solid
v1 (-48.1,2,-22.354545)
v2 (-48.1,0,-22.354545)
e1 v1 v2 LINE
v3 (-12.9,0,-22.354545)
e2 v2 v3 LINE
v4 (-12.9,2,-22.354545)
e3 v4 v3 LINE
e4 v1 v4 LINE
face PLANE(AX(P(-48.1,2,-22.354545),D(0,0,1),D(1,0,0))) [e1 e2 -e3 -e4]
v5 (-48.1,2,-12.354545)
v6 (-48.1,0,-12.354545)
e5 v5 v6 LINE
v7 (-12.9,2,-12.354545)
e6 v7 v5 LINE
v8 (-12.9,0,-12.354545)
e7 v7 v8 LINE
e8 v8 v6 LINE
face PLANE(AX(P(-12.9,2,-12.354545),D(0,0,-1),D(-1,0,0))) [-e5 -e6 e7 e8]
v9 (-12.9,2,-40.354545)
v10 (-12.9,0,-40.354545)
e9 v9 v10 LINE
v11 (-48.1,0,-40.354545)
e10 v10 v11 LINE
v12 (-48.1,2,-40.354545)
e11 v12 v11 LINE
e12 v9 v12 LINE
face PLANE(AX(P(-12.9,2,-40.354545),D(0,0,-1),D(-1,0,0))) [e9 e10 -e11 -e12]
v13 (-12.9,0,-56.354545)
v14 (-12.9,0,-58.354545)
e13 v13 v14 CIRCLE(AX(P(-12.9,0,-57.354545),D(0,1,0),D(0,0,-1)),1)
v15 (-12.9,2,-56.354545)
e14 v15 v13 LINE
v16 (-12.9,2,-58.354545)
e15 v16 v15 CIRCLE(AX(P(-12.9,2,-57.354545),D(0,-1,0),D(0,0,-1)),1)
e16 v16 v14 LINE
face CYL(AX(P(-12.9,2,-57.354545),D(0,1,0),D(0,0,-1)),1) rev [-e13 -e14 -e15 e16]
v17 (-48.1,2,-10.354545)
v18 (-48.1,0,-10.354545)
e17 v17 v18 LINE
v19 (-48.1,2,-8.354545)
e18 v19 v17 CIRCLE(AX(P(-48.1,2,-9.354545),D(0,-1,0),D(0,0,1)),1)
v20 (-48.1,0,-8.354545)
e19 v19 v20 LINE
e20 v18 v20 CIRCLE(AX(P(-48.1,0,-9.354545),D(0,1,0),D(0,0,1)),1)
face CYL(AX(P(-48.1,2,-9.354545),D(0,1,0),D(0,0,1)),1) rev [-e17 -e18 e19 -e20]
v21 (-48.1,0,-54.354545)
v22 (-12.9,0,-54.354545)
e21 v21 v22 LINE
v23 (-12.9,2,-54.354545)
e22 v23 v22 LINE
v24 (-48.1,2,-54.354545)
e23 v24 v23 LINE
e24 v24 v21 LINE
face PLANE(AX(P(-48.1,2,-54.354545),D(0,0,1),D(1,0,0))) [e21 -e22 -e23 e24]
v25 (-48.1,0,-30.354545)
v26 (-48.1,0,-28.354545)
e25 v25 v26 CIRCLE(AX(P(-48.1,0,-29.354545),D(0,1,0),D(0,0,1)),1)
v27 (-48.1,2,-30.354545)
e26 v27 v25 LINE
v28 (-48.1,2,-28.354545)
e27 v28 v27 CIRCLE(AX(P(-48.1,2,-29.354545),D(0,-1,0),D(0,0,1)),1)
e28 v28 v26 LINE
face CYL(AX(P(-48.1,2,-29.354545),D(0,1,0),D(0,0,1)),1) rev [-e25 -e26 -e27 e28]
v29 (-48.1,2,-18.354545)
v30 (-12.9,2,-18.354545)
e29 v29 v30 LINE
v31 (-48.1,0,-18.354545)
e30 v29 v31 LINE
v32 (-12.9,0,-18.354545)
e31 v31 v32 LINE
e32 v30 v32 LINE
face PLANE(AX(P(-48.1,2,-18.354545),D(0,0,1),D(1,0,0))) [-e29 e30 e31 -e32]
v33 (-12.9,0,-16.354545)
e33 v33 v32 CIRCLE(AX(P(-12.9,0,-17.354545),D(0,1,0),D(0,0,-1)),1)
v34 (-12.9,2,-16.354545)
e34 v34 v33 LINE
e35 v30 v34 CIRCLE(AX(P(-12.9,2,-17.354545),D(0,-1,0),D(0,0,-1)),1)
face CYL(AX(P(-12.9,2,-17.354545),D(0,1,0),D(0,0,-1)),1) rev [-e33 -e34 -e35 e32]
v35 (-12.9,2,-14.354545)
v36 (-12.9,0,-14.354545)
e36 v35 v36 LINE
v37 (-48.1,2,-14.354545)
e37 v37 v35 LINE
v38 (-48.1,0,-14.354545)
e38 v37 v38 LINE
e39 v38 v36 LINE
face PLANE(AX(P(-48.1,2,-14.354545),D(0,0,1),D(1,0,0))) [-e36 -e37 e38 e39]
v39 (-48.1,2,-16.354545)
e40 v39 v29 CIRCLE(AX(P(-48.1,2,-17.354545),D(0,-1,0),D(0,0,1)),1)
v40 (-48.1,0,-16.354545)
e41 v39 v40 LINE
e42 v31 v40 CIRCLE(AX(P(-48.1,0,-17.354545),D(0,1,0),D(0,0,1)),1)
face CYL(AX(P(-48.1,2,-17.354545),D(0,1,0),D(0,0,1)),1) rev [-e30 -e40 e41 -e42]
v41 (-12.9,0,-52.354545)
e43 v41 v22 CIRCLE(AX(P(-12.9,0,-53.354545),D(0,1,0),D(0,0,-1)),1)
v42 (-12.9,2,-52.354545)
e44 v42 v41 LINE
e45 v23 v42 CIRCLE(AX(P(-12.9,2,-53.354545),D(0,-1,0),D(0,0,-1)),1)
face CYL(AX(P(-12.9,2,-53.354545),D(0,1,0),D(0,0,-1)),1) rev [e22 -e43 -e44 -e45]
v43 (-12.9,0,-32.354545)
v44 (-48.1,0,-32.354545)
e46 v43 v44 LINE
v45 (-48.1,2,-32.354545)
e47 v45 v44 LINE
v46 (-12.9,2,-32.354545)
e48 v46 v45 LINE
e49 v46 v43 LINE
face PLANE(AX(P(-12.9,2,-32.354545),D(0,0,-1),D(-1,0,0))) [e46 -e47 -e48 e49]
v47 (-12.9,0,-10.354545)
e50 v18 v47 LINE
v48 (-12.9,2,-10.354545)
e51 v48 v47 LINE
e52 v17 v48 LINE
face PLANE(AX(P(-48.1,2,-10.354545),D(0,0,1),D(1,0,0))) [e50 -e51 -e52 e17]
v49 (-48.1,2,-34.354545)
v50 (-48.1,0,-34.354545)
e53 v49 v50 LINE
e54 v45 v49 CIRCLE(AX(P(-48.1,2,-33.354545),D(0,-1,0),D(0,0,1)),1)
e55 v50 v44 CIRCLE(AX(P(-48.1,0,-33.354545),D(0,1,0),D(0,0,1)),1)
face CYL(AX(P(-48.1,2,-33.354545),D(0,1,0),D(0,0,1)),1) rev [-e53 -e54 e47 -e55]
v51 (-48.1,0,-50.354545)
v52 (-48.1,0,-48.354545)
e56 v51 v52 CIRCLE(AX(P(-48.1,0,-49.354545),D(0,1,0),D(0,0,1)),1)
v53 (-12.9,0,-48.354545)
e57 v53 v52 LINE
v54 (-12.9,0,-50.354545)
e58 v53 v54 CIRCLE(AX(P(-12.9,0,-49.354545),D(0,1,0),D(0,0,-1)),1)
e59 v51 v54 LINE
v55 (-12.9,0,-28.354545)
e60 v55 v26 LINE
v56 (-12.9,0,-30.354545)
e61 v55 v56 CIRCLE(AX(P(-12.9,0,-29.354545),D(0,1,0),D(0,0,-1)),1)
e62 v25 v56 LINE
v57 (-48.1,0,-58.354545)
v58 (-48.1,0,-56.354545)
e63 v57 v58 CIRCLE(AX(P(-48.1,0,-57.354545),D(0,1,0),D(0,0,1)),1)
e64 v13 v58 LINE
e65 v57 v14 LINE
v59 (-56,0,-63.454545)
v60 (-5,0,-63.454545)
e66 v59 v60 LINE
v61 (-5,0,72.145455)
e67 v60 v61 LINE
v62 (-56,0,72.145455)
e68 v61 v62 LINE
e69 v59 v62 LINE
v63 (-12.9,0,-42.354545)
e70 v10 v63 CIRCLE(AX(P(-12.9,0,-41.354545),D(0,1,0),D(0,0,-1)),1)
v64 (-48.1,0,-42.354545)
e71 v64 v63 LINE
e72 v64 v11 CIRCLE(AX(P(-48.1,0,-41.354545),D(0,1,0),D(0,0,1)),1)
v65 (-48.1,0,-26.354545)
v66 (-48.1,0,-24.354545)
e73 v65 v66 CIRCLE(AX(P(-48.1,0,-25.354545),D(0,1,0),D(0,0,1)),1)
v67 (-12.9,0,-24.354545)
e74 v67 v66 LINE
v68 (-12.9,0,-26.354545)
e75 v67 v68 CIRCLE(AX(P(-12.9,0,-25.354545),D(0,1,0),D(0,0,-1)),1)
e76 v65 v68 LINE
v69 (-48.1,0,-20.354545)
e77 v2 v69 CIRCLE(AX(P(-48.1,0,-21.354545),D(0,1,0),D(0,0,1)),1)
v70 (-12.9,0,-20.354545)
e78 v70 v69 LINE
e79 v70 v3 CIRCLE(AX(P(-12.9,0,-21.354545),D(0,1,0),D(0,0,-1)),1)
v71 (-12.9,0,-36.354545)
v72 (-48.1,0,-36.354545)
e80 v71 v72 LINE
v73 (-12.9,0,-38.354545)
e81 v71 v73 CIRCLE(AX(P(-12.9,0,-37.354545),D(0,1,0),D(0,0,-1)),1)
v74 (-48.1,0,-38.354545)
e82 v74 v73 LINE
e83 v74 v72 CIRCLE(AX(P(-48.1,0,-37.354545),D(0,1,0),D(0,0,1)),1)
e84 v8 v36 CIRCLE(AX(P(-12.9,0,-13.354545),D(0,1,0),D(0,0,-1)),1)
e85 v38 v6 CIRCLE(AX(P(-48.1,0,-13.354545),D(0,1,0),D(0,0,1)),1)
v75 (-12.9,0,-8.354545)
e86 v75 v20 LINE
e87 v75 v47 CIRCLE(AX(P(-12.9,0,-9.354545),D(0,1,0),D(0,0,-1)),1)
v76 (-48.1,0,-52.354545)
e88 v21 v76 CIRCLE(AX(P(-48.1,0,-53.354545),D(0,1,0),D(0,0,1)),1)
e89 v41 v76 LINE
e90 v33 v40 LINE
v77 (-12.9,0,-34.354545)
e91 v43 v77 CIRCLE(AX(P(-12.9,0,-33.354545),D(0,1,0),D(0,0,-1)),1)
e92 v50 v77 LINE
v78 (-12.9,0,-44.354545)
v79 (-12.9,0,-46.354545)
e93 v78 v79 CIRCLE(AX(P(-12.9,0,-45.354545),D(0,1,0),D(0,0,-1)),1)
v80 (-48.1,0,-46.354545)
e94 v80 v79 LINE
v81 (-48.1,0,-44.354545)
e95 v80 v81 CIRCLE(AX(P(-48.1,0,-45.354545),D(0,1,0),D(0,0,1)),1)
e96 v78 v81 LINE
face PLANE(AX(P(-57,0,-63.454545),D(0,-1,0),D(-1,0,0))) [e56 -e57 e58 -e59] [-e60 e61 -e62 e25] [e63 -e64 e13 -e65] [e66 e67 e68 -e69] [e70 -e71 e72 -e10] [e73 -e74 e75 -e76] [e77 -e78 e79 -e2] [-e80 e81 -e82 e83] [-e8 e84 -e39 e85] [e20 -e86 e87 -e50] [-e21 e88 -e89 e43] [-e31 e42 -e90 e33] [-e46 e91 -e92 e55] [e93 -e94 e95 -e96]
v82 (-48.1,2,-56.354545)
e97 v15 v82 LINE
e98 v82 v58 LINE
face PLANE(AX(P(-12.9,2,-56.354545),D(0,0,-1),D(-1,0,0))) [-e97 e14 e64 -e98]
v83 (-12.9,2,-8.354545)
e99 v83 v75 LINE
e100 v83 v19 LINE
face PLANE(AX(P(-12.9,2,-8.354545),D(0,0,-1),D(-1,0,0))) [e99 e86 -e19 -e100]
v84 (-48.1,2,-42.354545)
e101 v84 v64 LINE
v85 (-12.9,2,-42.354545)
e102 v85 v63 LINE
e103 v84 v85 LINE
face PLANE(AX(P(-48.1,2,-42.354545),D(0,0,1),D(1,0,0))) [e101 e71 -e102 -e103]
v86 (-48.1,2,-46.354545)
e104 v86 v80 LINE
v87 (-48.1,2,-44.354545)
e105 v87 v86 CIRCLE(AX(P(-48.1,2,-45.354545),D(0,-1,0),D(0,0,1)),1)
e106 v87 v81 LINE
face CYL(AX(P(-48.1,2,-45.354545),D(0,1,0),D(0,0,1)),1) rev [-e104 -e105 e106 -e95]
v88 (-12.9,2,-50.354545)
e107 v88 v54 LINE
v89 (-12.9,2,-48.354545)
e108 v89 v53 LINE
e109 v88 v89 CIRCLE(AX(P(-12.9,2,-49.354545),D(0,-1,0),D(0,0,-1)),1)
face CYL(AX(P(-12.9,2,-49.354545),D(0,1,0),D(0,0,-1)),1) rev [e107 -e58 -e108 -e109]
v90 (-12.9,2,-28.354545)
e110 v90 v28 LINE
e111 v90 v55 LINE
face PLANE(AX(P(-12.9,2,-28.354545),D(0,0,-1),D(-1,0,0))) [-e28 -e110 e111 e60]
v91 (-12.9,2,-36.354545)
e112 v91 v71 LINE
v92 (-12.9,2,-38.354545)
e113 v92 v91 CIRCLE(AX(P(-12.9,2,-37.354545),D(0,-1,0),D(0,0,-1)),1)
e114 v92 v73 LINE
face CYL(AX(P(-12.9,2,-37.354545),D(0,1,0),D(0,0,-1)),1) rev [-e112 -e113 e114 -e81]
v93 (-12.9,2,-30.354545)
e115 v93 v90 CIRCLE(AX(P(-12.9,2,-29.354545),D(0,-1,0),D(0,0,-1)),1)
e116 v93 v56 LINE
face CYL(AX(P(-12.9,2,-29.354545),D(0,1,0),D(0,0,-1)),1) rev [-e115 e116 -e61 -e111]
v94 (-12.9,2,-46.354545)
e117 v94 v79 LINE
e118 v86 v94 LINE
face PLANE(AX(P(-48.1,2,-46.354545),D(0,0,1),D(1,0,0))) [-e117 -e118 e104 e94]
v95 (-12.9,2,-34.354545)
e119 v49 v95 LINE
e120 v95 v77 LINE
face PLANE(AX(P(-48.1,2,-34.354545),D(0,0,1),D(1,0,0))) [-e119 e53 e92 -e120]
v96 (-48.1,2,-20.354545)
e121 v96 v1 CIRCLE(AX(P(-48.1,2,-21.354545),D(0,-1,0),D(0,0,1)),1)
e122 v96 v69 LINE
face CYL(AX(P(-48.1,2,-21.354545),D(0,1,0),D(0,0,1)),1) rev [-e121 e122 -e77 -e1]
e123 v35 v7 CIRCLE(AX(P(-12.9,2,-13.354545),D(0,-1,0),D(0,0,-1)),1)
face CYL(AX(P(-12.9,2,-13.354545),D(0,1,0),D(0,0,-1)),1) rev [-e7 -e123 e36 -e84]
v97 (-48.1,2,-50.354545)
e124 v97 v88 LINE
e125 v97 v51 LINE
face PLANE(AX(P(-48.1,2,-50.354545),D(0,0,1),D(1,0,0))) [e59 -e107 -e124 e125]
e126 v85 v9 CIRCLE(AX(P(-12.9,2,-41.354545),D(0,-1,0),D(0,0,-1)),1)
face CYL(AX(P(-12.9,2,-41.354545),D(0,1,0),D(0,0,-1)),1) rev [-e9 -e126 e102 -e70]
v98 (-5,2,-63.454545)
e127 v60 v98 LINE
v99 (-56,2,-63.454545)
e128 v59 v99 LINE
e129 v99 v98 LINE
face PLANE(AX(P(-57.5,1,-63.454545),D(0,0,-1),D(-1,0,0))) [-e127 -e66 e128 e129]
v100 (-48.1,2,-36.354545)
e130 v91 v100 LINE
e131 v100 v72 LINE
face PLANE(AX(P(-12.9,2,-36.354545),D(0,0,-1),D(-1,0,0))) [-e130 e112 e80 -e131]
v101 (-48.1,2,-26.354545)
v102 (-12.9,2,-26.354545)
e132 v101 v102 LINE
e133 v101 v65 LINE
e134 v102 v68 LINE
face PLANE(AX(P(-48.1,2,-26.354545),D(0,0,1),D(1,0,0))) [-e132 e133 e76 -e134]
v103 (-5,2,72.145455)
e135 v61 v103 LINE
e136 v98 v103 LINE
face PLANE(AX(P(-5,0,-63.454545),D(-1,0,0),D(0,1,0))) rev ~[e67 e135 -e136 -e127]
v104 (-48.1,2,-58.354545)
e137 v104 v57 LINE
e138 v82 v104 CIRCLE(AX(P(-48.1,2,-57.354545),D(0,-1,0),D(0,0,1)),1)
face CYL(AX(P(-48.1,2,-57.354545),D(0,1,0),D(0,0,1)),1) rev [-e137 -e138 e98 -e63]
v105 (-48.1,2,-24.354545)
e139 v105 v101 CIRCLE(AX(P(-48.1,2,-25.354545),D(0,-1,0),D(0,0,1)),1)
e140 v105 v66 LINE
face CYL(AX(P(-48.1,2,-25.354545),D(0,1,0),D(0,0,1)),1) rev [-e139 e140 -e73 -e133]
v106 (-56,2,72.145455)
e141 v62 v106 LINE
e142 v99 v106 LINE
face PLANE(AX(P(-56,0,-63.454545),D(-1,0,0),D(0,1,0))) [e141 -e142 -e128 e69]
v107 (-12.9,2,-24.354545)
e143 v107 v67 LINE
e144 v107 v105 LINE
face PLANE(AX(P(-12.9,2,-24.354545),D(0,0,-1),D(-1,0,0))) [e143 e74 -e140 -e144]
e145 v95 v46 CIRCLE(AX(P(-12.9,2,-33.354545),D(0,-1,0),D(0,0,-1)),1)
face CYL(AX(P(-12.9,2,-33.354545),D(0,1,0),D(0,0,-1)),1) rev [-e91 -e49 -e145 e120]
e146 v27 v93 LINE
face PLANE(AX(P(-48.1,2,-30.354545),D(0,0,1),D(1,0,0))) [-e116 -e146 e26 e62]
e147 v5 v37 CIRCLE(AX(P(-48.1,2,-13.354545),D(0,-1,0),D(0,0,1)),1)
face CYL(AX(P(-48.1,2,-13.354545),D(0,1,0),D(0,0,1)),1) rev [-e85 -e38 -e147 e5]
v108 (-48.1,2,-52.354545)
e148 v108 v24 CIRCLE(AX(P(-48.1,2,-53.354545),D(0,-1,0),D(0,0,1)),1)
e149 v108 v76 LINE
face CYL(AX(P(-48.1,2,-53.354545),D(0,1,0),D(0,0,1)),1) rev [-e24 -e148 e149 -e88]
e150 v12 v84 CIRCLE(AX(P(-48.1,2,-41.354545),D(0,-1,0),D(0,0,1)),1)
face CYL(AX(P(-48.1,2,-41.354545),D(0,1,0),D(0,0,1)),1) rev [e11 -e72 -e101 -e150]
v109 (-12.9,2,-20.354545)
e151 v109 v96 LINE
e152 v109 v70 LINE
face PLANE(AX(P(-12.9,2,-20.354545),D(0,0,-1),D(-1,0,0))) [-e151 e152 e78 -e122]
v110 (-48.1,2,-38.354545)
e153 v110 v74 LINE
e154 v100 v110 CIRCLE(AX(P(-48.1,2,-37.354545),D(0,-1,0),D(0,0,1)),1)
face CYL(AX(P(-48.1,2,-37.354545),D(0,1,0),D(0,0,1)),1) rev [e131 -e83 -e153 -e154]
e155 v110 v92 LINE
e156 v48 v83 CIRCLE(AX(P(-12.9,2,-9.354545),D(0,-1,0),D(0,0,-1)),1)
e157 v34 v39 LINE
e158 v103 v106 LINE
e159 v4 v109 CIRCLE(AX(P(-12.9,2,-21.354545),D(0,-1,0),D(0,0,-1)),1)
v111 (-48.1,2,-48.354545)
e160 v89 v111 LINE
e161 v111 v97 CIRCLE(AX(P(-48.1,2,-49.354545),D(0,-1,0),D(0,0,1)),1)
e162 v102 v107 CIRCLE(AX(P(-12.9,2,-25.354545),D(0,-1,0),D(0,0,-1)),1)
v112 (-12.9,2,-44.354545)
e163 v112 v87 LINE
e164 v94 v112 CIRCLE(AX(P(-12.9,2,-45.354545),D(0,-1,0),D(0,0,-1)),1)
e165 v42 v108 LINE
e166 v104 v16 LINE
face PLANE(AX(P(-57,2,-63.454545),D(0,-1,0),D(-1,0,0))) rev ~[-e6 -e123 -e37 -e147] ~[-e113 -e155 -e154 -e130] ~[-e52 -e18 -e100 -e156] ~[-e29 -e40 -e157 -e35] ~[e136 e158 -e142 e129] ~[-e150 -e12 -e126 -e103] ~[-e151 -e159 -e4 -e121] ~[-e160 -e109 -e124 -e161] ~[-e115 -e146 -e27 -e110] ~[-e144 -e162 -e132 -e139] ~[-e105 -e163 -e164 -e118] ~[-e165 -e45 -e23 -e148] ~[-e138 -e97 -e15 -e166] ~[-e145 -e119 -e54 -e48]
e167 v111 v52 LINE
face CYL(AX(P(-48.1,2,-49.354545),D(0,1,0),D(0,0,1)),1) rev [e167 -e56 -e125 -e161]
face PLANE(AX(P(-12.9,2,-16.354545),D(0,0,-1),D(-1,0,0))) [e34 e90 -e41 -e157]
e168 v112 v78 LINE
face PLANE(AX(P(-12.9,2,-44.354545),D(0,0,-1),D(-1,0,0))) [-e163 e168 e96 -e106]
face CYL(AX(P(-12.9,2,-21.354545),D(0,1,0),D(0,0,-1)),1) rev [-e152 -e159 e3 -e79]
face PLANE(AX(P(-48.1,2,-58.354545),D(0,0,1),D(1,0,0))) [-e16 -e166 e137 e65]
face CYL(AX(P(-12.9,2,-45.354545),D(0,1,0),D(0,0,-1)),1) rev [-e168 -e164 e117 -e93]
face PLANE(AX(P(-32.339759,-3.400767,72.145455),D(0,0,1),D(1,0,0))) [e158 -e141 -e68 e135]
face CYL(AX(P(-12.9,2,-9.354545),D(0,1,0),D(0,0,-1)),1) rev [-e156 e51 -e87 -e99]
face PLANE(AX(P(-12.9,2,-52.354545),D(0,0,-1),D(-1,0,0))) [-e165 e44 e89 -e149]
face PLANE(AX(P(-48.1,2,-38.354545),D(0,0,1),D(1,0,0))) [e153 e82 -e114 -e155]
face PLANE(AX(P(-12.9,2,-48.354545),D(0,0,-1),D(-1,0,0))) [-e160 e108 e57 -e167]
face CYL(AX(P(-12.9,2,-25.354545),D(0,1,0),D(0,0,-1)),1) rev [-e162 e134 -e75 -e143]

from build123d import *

# Parameters (mm, degrees)
SKETCH1_W           = 51
SKETCH1_H           = 136
BOSS_EXTRUDE1_DEPTH = 2
CUT_EXTRUDE1_DEPTH  = 10
SKETCH5_W           = 1
SKETCH5_H           = 2
BOSS_EXTRUDE2_DEPTH = 136
SKETCH6_W           = 1
SKETCH6_H           = 2
BOSS_EXTRUDE3_DEPTH = 136
SKETCH7_W           = 68.795835126
SKETCH7_H           = 26.425628728
CUT_EXTRUDE2_DEPTH  = 0.4
SKETCH8_W           = 2
SKETCH8_H           = 2
CUT_EXTRUDE3_DEPTH  = 135.6


with BuildPart() as part:
    # Sketch1 → Boss-Extrude1 (new body)
    with BuildSketch(Plane(origin=(0, 0, 0), x_dir=(1, 0, 0), z_dir=(0, 1, 0))):
        with Locations((-30.5, -4.545454545)):
            Rectangle(SKETCH1_W, SKETCH1_H)
    extrude(amount=BOSS_EXTRUDE1_DEPTH)

    # Sketch4 → Cut-Extrude1 (cut)
    with BuildSketch(Plane(origin=(0, 2, 0), x_dir=(1, 0, 0), z_dir=(0, 1, 0))):
        with BuildLine():
            Line((-48.1, 58.354545455), (-12.9, 58.354545455))
            ThreePointArc((-12.9, 58.354545455), (-11.9, 57.354545455), (-12.9, 56.354545455))
            Line((-12.9, 56.354545455), (-48.1, 56.354545455))
            ThreePointArc((-48.1, 56.354545455), (-49.1, 57.354545455), (-48.1, 58.354545455))
        make_face()
        with BuildLine():
            Line((-48.1, 54.354545455), (-12.9, 54.354545455))
            ThreePointArc((-12.9, 54.354545455), (-11.9, 53.354545455), (-12.9, 52.354545455))
            Line((-12.9, 52.354545455), (-48.1, 52.354545455))
            ThreePointArc((-48.1, 52.354545455), (-49.1, 53.354545455), (-48.1, 54.354545455))
        make_face()
        with BuildLine():
            Line((-48.1, 50.354545455), (-12.9, 50.354545455))
            ThreePointArc((-12.9, 50.354545455), (-11.9, 49.354545455), (-12.9, 48.354545455))
            Line((-12.9, 48.354545455), (-48.1, 48.354545455))
            ThreePointArc((-48.1, 48.354545455), (-49.1, 49.354545455), (-48.1, 50.354545455))
        make_face()
        with BuildLine():
            Line((-48.1, 46.354545455), (-12.9, 46.354545455))
            ThreePointArc((-12.9, 46.354545455), (-11.9, 45.354545455), (-12.9, 44.354545455))
            Line((-12.9, 44.354545455), (-48.1, 44.354545455))
            ThreePointArc((-48.1, 44.354545455), (-49.1, 45.354545455), (-48.1, 46.354545455))
        make_face()
        with BuildLine():
            Line((-48.1, 42.354545455), (-12.9, 42.354545455))
            ThreePointArc((-12.9, 42.354545455), (-11.9, 41.354545455), (-12.9, 40.354545455))
            Line((-12.9, 40.354545455), (-48.1, 40.354545455))
            ThreePointArc((-48.1, 40.354545455), (-49.1, 41.354545455), (-48.1, 42.354545455))
        make_face()
        with BuildLine():
            Line((-48.1, 38.354545455), (-12.9, 38.354545455))
            ThreePointArc((-12.9, 38.354545455), (-11.9, 37.354545455), (-12.9, 36.354545455))
            Line((-12.9, 36.354545455), (-48.1, 36.354545455))
            ThreePointArc((-48.1, 36.354545455), (-49.1, 37.354545455), (-48.1, 38.354545455))
        make_face()
        with BuildLine():
            Line((-48.1, 34.354545455), (-12.9, 34.354545455))
            ThreePointArc((-12.9, 34.354545455), (-11.9, 33.354545455), (-12.9, 32.354545455))
            Line((-12.9, 32.354545455), (-48.1, 32.354545455))
            ThreePointArc((-48.1, 32.354545455), (-49.1, 33.354545455), (-48.1, 34.354545455))
        make_face()
        with BuildLine():
            Line((-48.1, 30.354545455), (-12.9, 30.354545455))
            ThreePointArc((-12.9, 30.354545455), (-11.9, 29.354545455), (-12.9, 28.354545455))
            Line((-12.9, 28.354545455), (-48.1, 28.354545455))
            ThreePointArc((-48.1, 28.354545455), (-49.1, 29.354545455), (-48.1, 30.354545455))
        make_face()
        with BuildLine():
            Line((-48.1, 26.354545455), (-12.9, 26.354545455))
            ThreePointArc((-12.9, 26.354545455), (-11.9, 25.354545455), (-12.9, 24.354545455))
            Line((-12.9, 24.354545455), (-48.1, 24.354545455))
            ThreePointArc((-48.1, 24.354545455), (-49.1, 25.354545455), (-48.1, 26.354545455))
        make_face()
        with BuildLine():
            Line((-48.1, 22.354545455), (-12.9, 22.354545455))
            ThreePointArc((-12.9, 22.354545455), (-11.9, 21.354545455), (-12.9, 20.354545455))
            Line((-12.9, 20.354545455), (-48.1, 20.354545455))
            ThreePointArc((-48.1, 20.354545455), (-49.1, 21.354545455), (-48.1, 22.354545455))
        make_face()
        with BuildLine():
            Line((-48.1, 18.354545455), (-12.9, 18.354545455))
            ThreePointArc((-12.9, 18.354545455), (-11.9, 17.354545455), (-12.9, 16.354545455))
            Line((-12.9, 16.354545455), (-48.1, 16.354545455))
            ThreePointArc((-48.1, 16.354545455), (-49.1, 17.354545455), (-48.1, 18.354545455))
        make_face()
        with BuildLine():
            Line((-48.1, 14.354545455), (-12.9, 14.354545455))
            ThreePointArc((-12.9, 14.354545455), (-11.9, 13.354545455), (-12.9, 12.354545455))
            Line((-12.9, 12.354545455), (-48.1, 12.354545455))
            ThreePointArc((-48.1, 12.354545455), (-49.1, 13.354545455), (-48.1, 14.354545455))
        make_face()
        with BuildLine():
            Line((-48.1, 10.354545455), (-12.9, 10.354545455))
            ThreePointArc((-12.9, 10.354545455), (-11.9, 9.354545455), (-12.9, 8.354545455))
            Line((-12.9, 8.354545455), (-48.1, 8.354545455))
            ThreePointArc((-48.1, 8.354545455), (-49.1, 9.354545455), (-48.1, 10.354545455))
        make_face()
    extrude(amount=-CUT_EXTRUDE1_DEPTH, mode=Mode.SUBTRACT)

    # Sketch5 → Boss-Extrude2 (add)
    with BuildSketch(Plane(origin=(0, 0, -63.454545455), x_dir=(-1, 0, 0), z_dir=(0, 0, -1))):
        with Locations((56.5, 1)):
            Rectangle(SKETCH5_W, SKETCH5_H)
        with Locations((4.5, 1)):
            Rectangle(SKETCH5_W, SKETCH5_H)
    extrude(amount=-BOSS_EXTRUDE2_DEPTH)

    # Sketch6 → Boss-Extrude3 (add)
    with BuildSketch(Plane(origin=(0, 0, -63.454545455), x_dir=(-1, 0, 0), z_dir=(0, 0, -1))):
        with Locations((57.5, 1)):
            Rectangle(SKETCH6_W, SKETCH6_H)
        with Locations((3.5, 1)):
            Rectangle(SKETCH6_W, SKETCH6_H)
    extrude(amount=-BOSS_EXTRUDE3_DEPTH)

    # Sketch7 → Cut-Extrude2 (cut)
    with BuildSketch(Plane.XY.offset(72.545454545)):
        with Locations((-32.339758962, -3.400766566)):
            Rectangle(SKETCH7_W, SKETCH7_H)
    extrude(amount=-CUT_EXTRUDE2_DEPTH, mode=Mode.SUBTRACT)

    # Sketch8 → Cut-Extrude3 (cut)
    with BuildSketch(Plane(origin=(0, 0, -63.454545455), x_dir=(-1, 0, 0), z_dir=(0, 0, -1))):
        with Locations((4, 1)):
            Rectangle(SKETCH8_W, SKETCH8_H)
        with Locations((57, 1)):
            Rectangle(SKETCH8_W, SKETCH8_H)
    extrude(amount=-CUT_EXTRUDE3_DEPTH, mode=Mode.SUBTRACT)


solid = part.part
